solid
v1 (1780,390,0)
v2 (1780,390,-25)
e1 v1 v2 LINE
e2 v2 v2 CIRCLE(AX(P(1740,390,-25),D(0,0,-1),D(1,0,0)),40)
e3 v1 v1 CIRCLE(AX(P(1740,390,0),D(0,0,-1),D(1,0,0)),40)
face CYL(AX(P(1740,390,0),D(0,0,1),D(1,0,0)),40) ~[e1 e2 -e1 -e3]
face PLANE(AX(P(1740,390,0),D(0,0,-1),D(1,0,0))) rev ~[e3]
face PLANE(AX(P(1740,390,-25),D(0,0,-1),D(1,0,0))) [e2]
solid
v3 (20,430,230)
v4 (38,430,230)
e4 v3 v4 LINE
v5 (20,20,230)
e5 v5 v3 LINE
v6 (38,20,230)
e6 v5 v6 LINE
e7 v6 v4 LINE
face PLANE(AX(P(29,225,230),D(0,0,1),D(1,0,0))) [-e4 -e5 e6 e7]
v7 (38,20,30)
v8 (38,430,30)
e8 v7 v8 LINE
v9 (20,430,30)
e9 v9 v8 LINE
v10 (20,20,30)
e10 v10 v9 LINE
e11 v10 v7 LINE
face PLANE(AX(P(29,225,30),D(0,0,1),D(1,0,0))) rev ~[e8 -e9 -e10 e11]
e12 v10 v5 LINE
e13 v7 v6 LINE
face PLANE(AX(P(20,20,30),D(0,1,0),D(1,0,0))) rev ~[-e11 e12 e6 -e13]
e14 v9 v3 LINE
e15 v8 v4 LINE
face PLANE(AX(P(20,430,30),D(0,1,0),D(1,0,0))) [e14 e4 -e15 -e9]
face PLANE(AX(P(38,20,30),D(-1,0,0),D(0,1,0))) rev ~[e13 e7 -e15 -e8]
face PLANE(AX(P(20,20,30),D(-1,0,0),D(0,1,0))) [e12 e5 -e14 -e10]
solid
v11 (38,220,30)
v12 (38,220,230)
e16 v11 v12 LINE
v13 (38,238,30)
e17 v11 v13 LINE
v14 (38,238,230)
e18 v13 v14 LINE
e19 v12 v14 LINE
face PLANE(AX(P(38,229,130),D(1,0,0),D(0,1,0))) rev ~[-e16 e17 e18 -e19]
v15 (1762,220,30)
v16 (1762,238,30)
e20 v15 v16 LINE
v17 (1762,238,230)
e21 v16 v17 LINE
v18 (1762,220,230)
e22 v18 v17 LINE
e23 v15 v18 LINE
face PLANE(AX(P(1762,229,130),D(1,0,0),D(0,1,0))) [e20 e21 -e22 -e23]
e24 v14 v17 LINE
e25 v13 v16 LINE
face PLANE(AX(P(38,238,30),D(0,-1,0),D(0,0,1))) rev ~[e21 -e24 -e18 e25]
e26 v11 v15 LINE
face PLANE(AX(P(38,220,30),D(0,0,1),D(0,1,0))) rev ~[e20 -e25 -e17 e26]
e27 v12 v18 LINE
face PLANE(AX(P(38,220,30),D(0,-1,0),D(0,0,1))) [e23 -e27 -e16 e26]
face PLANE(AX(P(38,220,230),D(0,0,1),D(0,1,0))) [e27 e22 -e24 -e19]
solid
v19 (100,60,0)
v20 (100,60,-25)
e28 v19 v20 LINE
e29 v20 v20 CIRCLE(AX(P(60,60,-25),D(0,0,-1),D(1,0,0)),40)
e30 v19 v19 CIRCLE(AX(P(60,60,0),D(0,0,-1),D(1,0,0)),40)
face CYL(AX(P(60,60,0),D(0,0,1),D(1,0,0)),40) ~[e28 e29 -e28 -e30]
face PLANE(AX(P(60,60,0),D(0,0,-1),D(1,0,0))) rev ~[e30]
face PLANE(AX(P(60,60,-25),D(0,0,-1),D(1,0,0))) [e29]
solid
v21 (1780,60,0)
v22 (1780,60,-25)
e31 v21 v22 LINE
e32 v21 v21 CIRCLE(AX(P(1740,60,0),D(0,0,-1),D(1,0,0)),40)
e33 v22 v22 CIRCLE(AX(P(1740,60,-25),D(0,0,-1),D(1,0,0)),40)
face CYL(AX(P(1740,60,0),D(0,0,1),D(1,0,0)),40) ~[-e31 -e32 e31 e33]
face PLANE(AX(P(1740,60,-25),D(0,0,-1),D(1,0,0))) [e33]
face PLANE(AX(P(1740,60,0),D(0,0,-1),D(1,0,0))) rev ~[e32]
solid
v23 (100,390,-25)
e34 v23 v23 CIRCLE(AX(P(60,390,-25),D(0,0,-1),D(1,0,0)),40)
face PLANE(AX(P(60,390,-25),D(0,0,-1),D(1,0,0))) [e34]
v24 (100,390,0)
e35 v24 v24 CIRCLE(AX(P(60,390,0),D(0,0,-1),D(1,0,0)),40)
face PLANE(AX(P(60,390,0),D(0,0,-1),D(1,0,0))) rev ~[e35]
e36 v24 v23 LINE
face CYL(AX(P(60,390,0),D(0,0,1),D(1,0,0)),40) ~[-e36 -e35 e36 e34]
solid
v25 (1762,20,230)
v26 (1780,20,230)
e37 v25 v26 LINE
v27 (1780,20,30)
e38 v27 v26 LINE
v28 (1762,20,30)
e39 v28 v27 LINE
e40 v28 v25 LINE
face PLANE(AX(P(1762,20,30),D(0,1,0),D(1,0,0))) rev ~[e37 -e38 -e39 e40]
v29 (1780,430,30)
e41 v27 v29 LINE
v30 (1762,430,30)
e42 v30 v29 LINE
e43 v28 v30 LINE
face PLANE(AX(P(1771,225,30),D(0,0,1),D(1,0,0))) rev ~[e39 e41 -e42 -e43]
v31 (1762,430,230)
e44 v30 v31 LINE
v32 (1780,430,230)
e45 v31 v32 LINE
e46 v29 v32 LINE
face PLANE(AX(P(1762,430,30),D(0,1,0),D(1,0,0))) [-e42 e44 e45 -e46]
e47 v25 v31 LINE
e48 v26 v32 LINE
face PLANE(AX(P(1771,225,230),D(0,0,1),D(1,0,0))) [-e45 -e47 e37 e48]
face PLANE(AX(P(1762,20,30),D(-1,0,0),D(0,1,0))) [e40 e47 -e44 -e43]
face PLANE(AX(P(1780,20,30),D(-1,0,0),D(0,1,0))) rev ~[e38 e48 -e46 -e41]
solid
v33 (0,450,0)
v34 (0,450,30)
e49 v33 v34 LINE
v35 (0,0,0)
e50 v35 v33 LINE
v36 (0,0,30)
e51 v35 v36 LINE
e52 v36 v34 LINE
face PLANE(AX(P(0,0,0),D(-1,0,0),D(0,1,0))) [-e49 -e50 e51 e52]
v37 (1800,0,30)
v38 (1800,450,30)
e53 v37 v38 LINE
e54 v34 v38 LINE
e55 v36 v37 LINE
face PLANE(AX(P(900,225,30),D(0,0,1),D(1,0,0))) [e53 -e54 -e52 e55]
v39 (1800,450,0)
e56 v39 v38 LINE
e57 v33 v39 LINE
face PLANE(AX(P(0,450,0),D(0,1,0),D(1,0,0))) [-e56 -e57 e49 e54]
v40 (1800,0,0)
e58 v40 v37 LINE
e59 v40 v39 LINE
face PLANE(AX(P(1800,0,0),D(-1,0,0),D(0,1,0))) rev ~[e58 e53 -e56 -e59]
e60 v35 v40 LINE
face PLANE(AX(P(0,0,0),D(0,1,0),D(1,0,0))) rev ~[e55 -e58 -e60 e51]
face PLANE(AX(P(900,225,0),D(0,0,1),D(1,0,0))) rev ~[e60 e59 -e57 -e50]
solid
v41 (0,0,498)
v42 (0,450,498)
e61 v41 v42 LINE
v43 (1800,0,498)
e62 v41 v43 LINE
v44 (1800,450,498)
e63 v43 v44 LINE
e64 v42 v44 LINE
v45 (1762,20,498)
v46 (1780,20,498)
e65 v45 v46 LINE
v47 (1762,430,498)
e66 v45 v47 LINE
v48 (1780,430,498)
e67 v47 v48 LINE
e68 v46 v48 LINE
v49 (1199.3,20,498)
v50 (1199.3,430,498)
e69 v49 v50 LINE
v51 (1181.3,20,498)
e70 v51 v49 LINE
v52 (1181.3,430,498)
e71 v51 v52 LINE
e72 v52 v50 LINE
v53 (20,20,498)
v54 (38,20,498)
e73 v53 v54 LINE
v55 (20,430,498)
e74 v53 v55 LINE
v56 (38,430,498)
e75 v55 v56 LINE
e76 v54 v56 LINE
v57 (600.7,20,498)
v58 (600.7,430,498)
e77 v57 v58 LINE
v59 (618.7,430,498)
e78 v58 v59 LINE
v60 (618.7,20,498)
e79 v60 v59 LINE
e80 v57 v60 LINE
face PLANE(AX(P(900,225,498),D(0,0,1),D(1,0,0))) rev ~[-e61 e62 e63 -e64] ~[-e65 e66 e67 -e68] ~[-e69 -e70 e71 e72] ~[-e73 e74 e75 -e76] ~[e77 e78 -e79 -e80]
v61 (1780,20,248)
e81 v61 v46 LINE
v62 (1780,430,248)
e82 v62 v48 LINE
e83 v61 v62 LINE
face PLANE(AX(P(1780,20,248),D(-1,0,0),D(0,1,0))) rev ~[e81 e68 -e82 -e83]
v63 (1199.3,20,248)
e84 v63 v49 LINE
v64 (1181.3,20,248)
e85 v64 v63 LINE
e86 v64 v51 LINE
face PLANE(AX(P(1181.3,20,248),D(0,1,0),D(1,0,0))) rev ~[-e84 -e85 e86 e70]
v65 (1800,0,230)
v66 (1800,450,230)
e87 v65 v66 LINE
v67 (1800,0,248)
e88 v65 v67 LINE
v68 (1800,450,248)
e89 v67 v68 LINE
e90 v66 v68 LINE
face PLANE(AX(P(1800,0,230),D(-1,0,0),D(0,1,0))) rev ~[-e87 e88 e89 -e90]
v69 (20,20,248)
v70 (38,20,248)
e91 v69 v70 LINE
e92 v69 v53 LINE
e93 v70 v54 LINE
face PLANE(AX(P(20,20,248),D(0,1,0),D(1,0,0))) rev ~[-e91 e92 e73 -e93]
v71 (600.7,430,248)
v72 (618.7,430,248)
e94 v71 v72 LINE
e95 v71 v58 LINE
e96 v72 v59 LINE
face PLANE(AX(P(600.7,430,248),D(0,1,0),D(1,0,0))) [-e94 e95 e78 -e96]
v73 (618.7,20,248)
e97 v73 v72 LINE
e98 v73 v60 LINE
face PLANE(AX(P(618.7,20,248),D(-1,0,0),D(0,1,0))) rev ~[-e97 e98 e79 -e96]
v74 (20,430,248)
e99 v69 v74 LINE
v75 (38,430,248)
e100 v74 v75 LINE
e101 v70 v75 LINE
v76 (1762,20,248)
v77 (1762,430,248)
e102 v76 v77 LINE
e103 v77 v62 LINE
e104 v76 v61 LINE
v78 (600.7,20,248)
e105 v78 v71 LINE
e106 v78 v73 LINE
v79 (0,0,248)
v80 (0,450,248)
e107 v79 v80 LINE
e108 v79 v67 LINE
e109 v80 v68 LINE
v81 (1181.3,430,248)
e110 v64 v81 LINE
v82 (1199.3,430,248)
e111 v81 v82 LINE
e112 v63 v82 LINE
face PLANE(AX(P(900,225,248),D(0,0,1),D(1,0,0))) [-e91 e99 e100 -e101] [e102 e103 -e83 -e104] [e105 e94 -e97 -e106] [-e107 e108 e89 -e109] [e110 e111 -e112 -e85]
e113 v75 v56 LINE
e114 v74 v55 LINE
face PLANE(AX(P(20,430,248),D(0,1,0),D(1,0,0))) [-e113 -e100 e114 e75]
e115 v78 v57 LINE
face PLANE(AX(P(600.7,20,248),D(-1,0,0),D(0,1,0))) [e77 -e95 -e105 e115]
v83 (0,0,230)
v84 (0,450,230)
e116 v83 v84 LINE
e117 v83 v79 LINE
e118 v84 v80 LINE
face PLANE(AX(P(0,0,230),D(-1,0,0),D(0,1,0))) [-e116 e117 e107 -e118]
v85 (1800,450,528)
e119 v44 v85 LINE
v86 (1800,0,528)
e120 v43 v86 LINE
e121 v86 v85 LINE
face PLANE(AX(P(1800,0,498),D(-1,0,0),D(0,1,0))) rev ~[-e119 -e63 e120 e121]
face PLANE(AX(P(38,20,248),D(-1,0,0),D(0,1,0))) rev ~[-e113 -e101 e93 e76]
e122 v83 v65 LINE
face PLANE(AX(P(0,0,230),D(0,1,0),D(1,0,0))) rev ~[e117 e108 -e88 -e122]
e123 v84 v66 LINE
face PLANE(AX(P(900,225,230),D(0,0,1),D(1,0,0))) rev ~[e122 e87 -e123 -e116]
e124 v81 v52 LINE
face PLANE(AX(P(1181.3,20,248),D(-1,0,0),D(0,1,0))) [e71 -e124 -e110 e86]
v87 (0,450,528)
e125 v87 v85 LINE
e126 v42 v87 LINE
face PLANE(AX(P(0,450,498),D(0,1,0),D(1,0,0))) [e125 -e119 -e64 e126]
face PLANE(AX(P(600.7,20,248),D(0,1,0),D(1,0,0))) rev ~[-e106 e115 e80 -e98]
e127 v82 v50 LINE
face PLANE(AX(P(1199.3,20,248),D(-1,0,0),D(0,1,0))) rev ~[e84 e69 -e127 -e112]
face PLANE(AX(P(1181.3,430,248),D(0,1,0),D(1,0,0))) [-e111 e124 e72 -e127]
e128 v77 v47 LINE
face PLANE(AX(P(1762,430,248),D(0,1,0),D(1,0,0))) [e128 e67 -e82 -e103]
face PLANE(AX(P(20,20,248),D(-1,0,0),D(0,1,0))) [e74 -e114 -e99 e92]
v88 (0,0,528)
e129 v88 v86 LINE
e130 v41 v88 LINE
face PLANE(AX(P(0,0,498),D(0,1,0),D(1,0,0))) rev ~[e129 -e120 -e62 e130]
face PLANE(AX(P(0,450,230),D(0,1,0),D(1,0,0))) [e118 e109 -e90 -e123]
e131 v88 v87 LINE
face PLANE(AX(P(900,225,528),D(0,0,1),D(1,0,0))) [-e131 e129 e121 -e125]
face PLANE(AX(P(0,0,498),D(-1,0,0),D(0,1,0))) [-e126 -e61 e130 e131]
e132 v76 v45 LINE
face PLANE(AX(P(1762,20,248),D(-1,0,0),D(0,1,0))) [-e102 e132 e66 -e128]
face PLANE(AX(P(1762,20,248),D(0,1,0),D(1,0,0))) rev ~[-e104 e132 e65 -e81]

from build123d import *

# Parameters (mm, degrees)
F0_W      = 1800
F0_H      = 450
F1_DEPTH  = 30
F2_W      = 18
F2_H      = 410
F3_DEPTH  = 200
F4_W      = 18
F4_H      = 200
F5_DEPTH  = 1724
F7_W      = 1800
F7_H      = 450
F8_DEPTH  = 18
F9_W      = 18
F9_H      = 410
F10_DEPTH = 250
F12_W     = 1800
F12_H     = 450
F13_DEPTH = 30
F14_R     = 40
F15_DEPTH = 25


with BuildPart() as f1:
    # F0 (on Top) → F1 (new body)
    with BuildSketch(Plane.XY):
        with Locations((900, 225)):
            Rectangle(F0_W, F0_H)
    extrude(amount=F1_DEPTH)


with BuildPart() as f3:
    # F2 (on face) → F3 (new body)
    with BuildSketch(Plane.XY.offset(30)):
        with Locations((29, 225)):
            Rectangle(F2_W, F2_H)
        with Locations((1771, 225)):
            Rectangle(F2_W, F2_H)
    extrude(amount=F3_DEPTH)


with BuildPart() as f5:
    # F4 (on face) → F5 (new body)
    with BuildSketch(Plane.YZ.offset(38)):
        with Locations((229, 130)):
            Rectangle(F4_W, F4_H)
    extrude(amount=F5_DEPTH)


with BuildPart() as f8:
    # F7 (on offset) → F8 (new body)
    with BuildSketch(Plane.XY.offset(230)):
        with Locations((900, 225)):
            Rectangle(F7_W, F7_H)
    extrude(amount=F8_DEPTH)

    # F9 (on face) → F10 (join)
    with BuildSketch(Plane.XY.offset(248)):
        with Locations((1771, 225)):
            Rectangle(F9_W, F9_H)
        with Locations((609.7, 225)):
            Rectangle(F9_W, F9_H)
        with Locations((1190.3, 225)):
            Rectangle(F9_W, F9_H)
        with Locations((29, 225)):
            Rectangle(F9_W, F9_H)
    extrude(amount=F10_DEPTH)

    # F12 (on offset) → F13 (join)
    with BuildSketch(Plane.XY.offset(498)):
        with Locations((900, 225)):
            Rectangle(F12_W, F12_H)
    extrude(amount=F13_DEPTH)


with BuildPart() as f15:
    # F14 (on face) → F15 (new body)
    with BuildSketch(Plane(origin=(0, 0, 0), x_dir=(1, 0, 0), z_dir=(0, 0, -1))):
        with Locations((60, -390)):
            Circle(F14_R)
        with Locations((60, -60)):
            Circle(F14_R)
        with Locations((1740, -390)):
            Circle(F14_R)
        with Locations((1740, -60)):
            Circle(F14_R)
    extrude(amount=F15_DEPTH)


solid = Compound([f1.part, f3.part, f5.part, f8.part, f15.part])
